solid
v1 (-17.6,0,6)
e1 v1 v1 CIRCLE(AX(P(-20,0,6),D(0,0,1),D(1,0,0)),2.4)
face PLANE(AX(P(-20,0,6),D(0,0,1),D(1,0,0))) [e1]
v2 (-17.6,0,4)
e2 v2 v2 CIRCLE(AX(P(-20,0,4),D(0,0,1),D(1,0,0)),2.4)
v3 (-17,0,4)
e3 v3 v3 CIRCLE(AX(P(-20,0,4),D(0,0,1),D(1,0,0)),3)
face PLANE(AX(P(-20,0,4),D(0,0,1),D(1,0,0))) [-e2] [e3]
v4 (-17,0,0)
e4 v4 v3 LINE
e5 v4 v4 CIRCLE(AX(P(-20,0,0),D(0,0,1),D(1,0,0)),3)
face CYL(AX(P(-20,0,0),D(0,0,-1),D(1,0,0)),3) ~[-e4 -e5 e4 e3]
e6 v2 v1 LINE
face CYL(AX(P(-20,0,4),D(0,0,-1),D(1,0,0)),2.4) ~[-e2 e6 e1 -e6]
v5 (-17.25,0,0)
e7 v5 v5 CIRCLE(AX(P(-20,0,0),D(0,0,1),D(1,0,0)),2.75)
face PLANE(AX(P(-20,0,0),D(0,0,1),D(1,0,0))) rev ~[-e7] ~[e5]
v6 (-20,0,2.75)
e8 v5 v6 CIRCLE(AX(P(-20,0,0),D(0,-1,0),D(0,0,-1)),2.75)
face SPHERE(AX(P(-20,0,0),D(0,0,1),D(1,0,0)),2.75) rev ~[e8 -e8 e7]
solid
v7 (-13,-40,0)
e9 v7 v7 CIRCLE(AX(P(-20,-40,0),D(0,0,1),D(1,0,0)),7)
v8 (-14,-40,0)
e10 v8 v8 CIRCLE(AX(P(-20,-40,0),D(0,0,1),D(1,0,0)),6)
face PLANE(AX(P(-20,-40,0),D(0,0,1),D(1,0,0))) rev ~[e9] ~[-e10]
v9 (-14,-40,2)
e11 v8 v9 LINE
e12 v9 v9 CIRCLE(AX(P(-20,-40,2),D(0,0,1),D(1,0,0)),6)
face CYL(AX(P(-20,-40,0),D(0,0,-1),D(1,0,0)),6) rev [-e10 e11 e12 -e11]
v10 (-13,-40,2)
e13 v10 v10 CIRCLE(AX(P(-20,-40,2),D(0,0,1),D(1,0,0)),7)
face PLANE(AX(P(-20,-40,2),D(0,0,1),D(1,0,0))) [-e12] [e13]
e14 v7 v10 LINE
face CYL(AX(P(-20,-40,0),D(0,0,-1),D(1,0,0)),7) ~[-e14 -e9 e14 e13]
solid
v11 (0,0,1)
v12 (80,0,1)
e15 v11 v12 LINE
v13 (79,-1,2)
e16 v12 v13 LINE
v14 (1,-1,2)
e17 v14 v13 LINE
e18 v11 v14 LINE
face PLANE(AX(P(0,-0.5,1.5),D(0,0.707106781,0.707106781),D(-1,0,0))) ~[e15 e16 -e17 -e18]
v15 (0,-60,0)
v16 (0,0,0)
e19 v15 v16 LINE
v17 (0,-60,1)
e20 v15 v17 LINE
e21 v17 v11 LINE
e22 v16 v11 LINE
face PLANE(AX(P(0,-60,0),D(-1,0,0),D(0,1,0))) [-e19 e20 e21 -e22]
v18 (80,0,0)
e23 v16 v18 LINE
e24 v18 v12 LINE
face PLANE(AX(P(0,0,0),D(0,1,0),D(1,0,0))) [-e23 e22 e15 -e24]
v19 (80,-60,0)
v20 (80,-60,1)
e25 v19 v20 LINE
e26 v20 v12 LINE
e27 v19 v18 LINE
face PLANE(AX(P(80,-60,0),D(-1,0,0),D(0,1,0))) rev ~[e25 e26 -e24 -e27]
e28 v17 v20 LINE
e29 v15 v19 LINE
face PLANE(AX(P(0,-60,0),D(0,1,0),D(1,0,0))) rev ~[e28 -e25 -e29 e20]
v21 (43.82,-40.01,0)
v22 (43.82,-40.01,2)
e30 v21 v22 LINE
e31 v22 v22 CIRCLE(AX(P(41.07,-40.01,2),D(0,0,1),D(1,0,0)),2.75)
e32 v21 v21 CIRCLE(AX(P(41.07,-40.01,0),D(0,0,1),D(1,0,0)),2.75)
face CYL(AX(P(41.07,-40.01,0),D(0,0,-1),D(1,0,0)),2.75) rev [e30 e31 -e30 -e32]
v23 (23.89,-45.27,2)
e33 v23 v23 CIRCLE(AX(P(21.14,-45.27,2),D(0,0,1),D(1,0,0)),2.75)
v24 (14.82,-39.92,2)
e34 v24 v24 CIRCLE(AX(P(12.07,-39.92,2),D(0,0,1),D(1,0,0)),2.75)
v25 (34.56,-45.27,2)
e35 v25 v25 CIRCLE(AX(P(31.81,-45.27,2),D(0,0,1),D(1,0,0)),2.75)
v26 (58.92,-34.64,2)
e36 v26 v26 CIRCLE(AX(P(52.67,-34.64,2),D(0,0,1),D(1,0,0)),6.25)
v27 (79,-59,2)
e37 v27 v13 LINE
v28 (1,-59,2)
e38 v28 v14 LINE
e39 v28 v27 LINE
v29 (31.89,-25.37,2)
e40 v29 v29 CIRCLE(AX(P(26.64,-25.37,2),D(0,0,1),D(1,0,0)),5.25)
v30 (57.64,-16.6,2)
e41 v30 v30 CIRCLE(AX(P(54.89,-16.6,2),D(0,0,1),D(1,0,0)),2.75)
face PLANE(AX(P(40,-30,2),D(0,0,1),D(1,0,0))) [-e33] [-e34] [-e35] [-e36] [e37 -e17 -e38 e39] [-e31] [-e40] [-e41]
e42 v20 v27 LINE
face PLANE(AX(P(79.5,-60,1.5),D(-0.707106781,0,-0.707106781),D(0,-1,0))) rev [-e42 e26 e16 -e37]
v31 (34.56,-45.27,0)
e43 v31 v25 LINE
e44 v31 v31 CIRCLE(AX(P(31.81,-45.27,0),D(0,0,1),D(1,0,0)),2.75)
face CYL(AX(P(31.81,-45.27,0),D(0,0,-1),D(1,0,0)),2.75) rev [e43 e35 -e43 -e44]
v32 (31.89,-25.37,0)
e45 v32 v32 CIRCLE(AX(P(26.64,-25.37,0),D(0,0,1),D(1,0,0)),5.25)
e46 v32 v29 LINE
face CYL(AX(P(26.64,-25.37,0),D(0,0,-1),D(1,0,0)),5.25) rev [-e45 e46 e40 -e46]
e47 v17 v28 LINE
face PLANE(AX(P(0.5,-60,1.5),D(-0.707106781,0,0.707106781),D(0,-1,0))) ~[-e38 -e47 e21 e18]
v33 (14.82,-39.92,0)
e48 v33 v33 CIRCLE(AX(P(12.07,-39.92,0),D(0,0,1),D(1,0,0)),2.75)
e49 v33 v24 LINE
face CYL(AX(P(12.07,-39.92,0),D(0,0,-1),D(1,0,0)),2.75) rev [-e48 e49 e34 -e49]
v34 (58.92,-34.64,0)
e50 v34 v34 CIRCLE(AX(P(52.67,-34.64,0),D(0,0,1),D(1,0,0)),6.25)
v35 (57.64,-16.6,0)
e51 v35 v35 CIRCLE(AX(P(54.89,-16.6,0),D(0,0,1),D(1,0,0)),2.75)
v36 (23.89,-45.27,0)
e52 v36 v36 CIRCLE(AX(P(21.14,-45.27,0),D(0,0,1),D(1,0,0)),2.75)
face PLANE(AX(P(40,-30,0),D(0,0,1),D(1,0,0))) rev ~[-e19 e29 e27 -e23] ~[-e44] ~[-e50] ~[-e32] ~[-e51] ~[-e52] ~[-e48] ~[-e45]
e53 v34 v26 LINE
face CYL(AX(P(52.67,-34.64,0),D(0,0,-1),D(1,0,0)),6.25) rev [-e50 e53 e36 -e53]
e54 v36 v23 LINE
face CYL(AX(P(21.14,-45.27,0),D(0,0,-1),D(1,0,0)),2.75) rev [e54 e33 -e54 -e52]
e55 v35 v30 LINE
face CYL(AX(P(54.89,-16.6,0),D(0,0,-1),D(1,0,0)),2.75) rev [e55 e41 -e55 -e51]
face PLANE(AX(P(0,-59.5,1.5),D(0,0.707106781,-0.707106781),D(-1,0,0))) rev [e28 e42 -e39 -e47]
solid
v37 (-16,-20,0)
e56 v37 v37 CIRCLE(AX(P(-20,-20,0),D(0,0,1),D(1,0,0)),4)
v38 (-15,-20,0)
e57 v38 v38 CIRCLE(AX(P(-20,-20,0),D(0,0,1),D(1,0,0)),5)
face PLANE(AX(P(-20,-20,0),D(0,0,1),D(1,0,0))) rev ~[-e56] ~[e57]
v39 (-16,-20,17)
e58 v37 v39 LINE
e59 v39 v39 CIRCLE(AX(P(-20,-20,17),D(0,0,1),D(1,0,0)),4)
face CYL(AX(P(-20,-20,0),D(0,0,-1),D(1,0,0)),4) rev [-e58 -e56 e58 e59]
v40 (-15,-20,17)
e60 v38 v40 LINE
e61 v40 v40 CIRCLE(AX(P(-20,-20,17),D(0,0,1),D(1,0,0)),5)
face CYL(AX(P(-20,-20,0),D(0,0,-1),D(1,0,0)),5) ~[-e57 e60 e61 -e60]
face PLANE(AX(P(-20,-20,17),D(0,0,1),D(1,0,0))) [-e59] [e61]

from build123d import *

# Parameters (mm, degrees)
SKETCH_W          = 80
SKETCH_H          = 60
SKETCH_R          = 5.25
SKETCH_R_2        = 2.75
SKETCH_R_3        = 6.25
EXTRUDE_DEPTH     = 2
CHAMFER_SIZE      = 1
CYLINDER001_R     = 2.4
CYLINDER001_DEPTH = 2
CYLINDER_R        = 3
CYLINDER_DEPTH    = 4
TUBE_R            = 5
TUBE_R_2          = 4
TUBE_DEPTH        = 17
TUBE001_R         = 7
TUBE001_R_2       = 6
TUBE001_DEPTH     = 2


with BuildPart() as panel:
    # Sketch → Extrude (new body)
    with BuildSketch(Plane.XY):
        with Locations((40, -30)):
            Rectangle(SKETCH_W, SKETCH_H)
        with Locations((26.64, -25.37)):
            Circle(SKETCH_R, mode=Mode.SUBTRACT)
        with Locations((12.07, -39.92)):
            Circle(SKETCH_R_2, mode=Mode.SUBTRACT)
        with Locations((21.14, -45.27)):
            Circle(SKETCH_R_2, mode=Mode.SUBTRACT)
        with Locations((31.81, -45.27)):
            Circle(SKETCH_R_2, mode=Mode.SUBTRACT)
        with Locations((41.07, -40.01)):
            Circle(SKETCH_R_2, mode=Mode.SUBTRACT)
        with Locations((54.89, -16.6)):
            Circle(SKETCH_R_2, mode=Mode.SUBTRACT)
        with Locations((52.67, -34.64)):
            Circle(SKETCH_R_3, mode=Mode.SUBTRACT)
    extrude(amount=EXTRUDE_DEPTH)

    # Chamfer
    chamfer_edges = [panel.edges().sort_by_distance(p)[0] for p in [
        (40, 0, 2),
        (80, -30, 2),
        (40, -60, 2),
        (0, -30, 2),
    ]]
    chamfer(chamfer_edges, length=CHAMFER_SIZE)


with BuildPart() as cylinder001:
    # Cylinder001 → Cylinder001 (new body)
    with BuildSketch(Plane(origin=(-20, 0, 4), x_dir=(1, 0, 0), z_dir=(0, 0, 1))):
        Circle(CYLINDER001_R)
    extrude(amount=CYLINDER001_DEPTH)


with BuildPart() as sphere:
    # Sphere → Sphere (revolve)
    with BuildSketch(Plane(origin=(-20, 0, 0), x_dir=(1, 0, 0), z_dir=(0, -1, 0))):
        with BuildLine():
            ThreePointArc((0, -2.75), (2.75, 0), (0, 2.75))
            Line((0, 2.75), (0, -2.75))
        make_face()
    revolve(axis=Axis((-20, 0, 0), (0, 0, 1)))


with BuildPart() as lightpipe:
    # Cylinder → Cylinder (new body)
    with BuildSketch(Plane(origin=(-20, 0, 0), x_dir=(1, 0, 0), z_dir=(0, 0, 1))):
        Circle(CYLINDER_R)
    extrude(amount=CYLINDER_DEPTH)

    # Cut: cut Sphere
    add(sphere.part, mode=Mode.SUBTRACT)

    # Fusion: union Cylinder001
    add(cylinder001.part)


with BuildPart() as shroud:
    # Tube → Tube (new body)
    with BuildSketch(Plane(origin=(-20, -20, 0), x_dir=(1, 0, 0), z_dir=(0, 0, 1))):
        Circle(TUBE_R)
        Circle(TUBE_R_2, mode=Mode.SUBTRACT)
    extrude(amount=TUBE_DEPTH)


with BuildPart() as shim:
    # Tube001 → Tube001 (new body)
    with BuildSketch(Plane(origin=(-20, -40, 0), x_dir=(1, 0, 0), z_dir=(0, 0, 1))):
        Circle(TUBE001_R)
        Circle(TUBE001_R_2, mode=Mode.SUBTRACT)
    extrude(amount=TUBE001_DEPTH)


solid = Compound([panel.part, lightpipe.part, shroud.part, shim.part])
